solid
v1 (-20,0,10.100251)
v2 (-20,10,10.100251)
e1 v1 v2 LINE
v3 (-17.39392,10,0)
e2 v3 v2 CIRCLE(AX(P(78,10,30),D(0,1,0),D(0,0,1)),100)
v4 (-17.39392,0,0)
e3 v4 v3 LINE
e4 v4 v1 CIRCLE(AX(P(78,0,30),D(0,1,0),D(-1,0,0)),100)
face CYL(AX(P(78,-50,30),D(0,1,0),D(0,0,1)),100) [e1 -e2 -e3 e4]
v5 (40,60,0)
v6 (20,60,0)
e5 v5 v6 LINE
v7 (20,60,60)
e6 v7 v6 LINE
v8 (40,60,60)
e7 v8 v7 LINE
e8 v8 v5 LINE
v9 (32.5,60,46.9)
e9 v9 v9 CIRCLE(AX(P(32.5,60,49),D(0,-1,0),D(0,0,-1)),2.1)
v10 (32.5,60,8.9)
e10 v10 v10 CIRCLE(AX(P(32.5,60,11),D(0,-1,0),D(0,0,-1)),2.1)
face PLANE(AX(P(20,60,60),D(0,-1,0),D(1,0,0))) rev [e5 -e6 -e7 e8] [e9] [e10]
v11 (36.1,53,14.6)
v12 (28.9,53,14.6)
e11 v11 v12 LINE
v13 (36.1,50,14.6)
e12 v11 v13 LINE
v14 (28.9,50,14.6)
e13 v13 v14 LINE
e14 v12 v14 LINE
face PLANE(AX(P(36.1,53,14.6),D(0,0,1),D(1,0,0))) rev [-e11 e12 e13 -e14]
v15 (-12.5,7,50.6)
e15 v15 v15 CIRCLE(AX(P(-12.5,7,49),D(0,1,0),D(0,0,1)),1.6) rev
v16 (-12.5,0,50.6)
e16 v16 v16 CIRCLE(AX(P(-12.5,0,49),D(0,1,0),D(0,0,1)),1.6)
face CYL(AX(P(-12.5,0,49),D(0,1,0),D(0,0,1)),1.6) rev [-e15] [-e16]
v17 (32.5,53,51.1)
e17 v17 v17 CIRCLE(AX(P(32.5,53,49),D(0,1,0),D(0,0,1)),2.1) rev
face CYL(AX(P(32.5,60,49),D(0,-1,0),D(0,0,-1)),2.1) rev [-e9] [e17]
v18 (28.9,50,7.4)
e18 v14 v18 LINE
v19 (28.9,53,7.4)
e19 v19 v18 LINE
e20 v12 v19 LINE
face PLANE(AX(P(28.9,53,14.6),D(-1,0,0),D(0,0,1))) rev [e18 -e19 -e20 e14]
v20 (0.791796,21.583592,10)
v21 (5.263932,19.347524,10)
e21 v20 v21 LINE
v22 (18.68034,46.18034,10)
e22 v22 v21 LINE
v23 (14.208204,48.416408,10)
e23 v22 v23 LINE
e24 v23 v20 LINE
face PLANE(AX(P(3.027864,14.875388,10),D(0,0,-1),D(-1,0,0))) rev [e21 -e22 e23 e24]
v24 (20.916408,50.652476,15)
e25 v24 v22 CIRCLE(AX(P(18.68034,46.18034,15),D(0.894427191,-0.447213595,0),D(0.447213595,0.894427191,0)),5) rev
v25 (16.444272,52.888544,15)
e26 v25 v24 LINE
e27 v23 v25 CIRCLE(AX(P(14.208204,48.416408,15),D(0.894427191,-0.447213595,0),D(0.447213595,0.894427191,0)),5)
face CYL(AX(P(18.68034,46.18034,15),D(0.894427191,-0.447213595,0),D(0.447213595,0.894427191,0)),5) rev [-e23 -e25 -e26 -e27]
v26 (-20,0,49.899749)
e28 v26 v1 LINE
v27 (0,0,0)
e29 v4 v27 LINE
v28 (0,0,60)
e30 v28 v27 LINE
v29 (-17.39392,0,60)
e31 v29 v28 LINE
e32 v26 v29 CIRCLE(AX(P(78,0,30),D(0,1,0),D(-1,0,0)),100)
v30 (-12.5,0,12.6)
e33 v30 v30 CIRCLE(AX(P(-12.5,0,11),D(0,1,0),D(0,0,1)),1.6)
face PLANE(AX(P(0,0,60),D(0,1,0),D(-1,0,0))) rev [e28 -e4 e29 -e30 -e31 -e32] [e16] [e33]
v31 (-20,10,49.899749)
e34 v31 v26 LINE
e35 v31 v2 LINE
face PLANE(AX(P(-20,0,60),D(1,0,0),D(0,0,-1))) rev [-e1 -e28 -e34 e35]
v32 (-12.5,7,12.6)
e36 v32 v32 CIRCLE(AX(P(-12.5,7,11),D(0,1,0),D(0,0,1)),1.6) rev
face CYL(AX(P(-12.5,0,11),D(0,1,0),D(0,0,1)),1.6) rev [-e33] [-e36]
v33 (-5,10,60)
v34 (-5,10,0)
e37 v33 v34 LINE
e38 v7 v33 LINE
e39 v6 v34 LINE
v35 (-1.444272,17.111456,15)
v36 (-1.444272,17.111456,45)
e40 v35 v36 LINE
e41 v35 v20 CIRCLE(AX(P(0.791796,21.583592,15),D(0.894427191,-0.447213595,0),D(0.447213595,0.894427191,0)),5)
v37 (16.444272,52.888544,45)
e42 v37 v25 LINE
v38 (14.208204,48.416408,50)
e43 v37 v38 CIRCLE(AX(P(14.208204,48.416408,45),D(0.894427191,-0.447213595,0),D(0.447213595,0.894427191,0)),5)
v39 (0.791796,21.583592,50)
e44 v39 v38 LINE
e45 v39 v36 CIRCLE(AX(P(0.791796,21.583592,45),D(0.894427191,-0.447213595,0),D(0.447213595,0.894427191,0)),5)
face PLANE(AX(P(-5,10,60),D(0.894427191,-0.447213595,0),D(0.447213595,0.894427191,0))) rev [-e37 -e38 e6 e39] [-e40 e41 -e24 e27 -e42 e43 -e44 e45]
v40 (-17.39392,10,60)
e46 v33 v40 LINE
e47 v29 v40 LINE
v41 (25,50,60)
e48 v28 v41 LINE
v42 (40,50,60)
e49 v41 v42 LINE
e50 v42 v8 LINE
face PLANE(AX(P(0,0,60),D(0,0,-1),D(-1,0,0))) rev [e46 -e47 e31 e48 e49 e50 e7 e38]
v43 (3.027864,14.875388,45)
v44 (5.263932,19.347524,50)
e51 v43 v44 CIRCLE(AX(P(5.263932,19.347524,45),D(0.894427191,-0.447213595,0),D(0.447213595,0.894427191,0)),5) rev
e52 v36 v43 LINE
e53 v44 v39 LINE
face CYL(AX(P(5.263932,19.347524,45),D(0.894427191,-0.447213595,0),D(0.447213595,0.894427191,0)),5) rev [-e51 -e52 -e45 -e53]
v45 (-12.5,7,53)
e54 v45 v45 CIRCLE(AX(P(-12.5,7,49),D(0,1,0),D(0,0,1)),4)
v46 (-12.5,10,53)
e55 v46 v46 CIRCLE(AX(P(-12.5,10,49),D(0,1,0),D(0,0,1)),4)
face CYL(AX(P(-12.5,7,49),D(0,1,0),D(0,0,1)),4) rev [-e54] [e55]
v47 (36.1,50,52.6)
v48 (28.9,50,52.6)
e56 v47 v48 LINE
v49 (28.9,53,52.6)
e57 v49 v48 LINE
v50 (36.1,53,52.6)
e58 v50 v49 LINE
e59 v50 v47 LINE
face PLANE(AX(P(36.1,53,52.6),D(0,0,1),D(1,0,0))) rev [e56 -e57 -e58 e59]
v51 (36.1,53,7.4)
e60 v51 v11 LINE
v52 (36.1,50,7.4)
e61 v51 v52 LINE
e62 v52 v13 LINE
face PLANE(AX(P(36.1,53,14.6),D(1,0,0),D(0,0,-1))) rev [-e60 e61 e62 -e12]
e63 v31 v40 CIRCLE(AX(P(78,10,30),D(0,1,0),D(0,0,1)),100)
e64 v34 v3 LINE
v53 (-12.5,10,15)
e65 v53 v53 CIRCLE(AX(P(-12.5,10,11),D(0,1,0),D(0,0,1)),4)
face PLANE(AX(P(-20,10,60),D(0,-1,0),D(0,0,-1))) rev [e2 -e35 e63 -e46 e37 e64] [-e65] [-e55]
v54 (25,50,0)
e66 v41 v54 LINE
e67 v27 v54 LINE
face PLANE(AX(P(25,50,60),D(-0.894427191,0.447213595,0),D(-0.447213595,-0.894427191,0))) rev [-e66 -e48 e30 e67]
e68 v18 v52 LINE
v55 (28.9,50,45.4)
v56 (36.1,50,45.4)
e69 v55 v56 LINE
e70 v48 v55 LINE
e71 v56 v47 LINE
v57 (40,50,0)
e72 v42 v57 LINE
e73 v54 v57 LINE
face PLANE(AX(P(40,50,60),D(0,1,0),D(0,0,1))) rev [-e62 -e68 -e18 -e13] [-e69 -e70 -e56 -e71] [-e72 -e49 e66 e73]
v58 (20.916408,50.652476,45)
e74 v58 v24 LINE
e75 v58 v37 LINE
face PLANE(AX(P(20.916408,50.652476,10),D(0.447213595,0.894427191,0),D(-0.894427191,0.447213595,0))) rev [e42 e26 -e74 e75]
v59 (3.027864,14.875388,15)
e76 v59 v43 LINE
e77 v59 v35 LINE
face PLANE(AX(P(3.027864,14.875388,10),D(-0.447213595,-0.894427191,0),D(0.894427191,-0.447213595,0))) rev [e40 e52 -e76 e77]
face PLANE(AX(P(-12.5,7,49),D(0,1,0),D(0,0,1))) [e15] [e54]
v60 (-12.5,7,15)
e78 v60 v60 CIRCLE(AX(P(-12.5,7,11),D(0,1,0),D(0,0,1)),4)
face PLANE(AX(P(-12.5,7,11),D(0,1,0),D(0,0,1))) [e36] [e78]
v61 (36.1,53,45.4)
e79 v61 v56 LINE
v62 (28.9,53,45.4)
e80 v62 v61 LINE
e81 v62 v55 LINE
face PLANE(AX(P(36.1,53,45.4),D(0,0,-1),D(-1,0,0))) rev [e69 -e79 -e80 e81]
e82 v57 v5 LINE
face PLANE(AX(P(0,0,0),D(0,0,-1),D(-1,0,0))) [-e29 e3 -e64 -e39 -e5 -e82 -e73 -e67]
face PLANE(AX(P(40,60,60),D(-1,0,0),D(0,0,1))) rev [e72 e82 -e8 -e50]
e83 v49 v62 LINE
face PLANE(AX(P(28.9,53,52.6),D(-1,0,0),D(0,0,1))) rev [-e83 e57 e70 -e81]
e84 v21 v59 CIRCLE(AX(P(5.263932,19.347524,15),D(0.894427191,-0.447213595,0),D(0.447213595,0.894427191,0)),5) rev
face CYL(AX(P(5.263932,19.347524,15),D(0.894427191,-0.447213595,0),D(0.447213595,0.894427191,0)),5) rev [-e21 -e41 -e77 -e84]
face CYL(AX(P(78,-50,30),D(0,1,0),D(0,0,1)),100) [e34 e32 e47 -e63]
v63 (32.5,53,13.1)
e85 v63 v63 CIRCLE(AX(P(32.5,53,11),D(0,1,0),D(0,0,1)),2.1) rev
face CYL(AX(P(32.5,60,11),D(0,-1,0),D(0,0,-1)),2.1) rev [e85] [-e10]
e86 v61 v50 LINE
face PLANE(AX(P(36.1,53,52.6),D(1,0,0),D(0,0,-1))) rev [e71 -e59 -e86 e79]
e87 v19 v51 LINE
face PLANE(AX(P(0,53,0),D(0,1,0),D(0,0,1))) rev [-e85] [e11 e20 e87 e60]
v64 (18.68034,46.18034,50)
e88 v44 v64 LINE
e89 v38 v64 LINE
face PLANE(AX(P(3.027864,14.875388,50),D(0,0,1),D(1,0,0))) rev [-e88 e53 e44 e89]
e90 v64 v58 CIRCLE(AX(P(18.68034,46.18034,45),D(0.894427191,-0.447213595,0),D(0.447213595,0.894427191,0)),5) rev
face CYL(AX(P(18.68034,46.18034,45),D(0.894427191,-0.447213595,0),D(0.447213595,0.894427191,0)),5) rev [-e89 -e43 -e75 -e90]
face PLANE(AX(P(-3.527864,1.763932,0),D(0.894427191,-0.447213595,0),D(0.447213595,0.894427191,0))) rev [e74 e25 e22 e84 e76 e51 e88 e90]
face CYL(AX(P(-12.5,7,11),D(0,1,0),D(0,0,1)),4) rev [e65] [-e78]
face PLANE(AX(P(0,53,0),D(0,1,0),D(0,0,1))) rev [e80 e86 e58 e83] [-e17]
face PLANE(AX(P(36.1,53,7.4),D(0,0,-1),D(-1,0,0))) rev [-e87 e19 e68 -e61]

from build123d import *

# Parameters (mm, degrees)
EXTRUDE_1_DEPTH     = 60
SKETCH_2_R          = 171.976759521
SKETCH_2_R_2        = 100
CUT_EXTRUDE_1_DEPTH = 60
SKETCH_3_W          = 40
SKETCH_3_H          = 40
CUT_EXTRUDE_2_DEPTH = 5
FILLET_1_R          = 5
SKETCH_4_R          = 1.6
CUT_EXTRUDE_3_DEPTH = 10
SKETCH_5_R          = 4
CUT_EXTRUDE_4_DEPTH = 3
SKETCH_6_R          = 2.1
CUT_EXTRUDE_5_DEPTH = 88.749643874
SKETCH_7_W          = 7.2
SKETCH_7_H          = 7.2
CUT_EXTRUDE_6_DEPTH = 3


with BuildPart() as part:
    # 草图1 → 凸台-拉伸1 (new body)
    with BuildSketch(Plane.XY):
        Polygon((0, 0), (-20, 0), (-20, 10), (-5, 10), (20, 60), (40, 60), (40, 50), (25, 50), align=None)
    extrude(amount=EXTRUDE_1_DEPTH)

    # 草图2 → 切除-拉伸1 (cut)
    with BuildSketch(Plane(origin=(0, 10, 0), x_dir=(1, 0, 0), z_dir=(0, 1, 0))):
        with Locations((78, -30)):
            Circle(SKETCH_2_R)
        with Locations((78, -30)):
            Circle(SKETCH_2_R_2, mode=Mode.SUBTRACT)
    extrude(amount=-CUT_EXTRUDE_1_DEPTH, mode=Mode.SUBTRACT)

    # 草图3 → 切除-拉伸2 (cut)
    with BuildSketch(Plane(origin=(-8, 4, 0), x_dir=(0, 0, 1), z_dir=(-0.894427190999916, 0.4472135954999579, 0))):
        with Locations((30, 34.659053651)):
            Rectangle(SKETCH_3_W, SKETCH_3_H)
    extrude(amount=-CUT_EXTRUDE_2_DEPTH, mode=Mode.SUBTRACT)

    # 圆角1
    fillet_1_edges = [part.edges().sort_by_distance(p)[0] for p in [
        (18.680339887, 51.770509831, 50),
        (0.791796068, 15.993422191, 50),
        (0.791796068, 15.993422191, 10),
        (18.680339887, 51.770509831, 10),
    ]]
    fillet(fillet_1_edges, radius=FILLET_1_R)

    # 草图4 → 切除-拉伸3 (cut)
    with BuildSketch(Plane(origin=(0, 10, 0), x_dir=(1, 0, 0), z_dir=(0, 1, 0))):
        with Locations(Location((-12.5, -49, 0), (0, 0, 270))):
            Circle(SKETCH_4_R)
        with Locations(Location((-12.5, -11, 0), (0, 0, 270))):
            Circle(SKETCH_4_R)
    extrude(amount=-CUT_EXTRUDE_3_DEPTH, mode=Mode.SUBTRACT)

    # 草图5 → 切除-拉伸4 (cut)
    with BuildSketch(Plane(origin=(0, 10, 0), x_dir=(1, 0, 0), z_dir=(0, 1, 0))):
        with Locations(Location((-12.5, -49, 0), (0, 0, 270))):
            Circle(SKETCH_5_R)
        with Locations(Location((-12.5, -11, 0), (0, 0, 270))):
            Circle(SKETCH_5_R)
    extrude(amount=-CUT_EXTRUDE_4_DEPTH, mode=Mode.SUBTRACT)

    # 草图6 → 切除-拉伸5 (cut, through all)
    with BuildSketch(Plane.XZ.offset(-50)):
        with Locations(Location((32.5, 11, 0), (0, 0, 270))):
            Circle(SKETCH_6_R)
        with Locations(Location((32.5, 49, 0), (0, 0, 270))):
            Circle(SKETCH_6_R)
    extrude(amount=-CUT_EXTRUDE_5_DEPTH, mode=Mode.SUBTRACT)

    # 草图7 → 切除-拉伸6 (cut)
    with BuildSketch(Plane.XZ.offset(-50)):
        with Locations((32.5, 11)):
            Rectangle(SKETCH_7_W, SKETCH_7_H)
        with Locations((32.5, 49)):
            Rectangle(SKETCH_7_W, SKETCH_7_H)
    extrude(amount=-CUT_EXTRUDE_6_DEPTH, mode=Mode.SUBTRACT)


solid = part.part
